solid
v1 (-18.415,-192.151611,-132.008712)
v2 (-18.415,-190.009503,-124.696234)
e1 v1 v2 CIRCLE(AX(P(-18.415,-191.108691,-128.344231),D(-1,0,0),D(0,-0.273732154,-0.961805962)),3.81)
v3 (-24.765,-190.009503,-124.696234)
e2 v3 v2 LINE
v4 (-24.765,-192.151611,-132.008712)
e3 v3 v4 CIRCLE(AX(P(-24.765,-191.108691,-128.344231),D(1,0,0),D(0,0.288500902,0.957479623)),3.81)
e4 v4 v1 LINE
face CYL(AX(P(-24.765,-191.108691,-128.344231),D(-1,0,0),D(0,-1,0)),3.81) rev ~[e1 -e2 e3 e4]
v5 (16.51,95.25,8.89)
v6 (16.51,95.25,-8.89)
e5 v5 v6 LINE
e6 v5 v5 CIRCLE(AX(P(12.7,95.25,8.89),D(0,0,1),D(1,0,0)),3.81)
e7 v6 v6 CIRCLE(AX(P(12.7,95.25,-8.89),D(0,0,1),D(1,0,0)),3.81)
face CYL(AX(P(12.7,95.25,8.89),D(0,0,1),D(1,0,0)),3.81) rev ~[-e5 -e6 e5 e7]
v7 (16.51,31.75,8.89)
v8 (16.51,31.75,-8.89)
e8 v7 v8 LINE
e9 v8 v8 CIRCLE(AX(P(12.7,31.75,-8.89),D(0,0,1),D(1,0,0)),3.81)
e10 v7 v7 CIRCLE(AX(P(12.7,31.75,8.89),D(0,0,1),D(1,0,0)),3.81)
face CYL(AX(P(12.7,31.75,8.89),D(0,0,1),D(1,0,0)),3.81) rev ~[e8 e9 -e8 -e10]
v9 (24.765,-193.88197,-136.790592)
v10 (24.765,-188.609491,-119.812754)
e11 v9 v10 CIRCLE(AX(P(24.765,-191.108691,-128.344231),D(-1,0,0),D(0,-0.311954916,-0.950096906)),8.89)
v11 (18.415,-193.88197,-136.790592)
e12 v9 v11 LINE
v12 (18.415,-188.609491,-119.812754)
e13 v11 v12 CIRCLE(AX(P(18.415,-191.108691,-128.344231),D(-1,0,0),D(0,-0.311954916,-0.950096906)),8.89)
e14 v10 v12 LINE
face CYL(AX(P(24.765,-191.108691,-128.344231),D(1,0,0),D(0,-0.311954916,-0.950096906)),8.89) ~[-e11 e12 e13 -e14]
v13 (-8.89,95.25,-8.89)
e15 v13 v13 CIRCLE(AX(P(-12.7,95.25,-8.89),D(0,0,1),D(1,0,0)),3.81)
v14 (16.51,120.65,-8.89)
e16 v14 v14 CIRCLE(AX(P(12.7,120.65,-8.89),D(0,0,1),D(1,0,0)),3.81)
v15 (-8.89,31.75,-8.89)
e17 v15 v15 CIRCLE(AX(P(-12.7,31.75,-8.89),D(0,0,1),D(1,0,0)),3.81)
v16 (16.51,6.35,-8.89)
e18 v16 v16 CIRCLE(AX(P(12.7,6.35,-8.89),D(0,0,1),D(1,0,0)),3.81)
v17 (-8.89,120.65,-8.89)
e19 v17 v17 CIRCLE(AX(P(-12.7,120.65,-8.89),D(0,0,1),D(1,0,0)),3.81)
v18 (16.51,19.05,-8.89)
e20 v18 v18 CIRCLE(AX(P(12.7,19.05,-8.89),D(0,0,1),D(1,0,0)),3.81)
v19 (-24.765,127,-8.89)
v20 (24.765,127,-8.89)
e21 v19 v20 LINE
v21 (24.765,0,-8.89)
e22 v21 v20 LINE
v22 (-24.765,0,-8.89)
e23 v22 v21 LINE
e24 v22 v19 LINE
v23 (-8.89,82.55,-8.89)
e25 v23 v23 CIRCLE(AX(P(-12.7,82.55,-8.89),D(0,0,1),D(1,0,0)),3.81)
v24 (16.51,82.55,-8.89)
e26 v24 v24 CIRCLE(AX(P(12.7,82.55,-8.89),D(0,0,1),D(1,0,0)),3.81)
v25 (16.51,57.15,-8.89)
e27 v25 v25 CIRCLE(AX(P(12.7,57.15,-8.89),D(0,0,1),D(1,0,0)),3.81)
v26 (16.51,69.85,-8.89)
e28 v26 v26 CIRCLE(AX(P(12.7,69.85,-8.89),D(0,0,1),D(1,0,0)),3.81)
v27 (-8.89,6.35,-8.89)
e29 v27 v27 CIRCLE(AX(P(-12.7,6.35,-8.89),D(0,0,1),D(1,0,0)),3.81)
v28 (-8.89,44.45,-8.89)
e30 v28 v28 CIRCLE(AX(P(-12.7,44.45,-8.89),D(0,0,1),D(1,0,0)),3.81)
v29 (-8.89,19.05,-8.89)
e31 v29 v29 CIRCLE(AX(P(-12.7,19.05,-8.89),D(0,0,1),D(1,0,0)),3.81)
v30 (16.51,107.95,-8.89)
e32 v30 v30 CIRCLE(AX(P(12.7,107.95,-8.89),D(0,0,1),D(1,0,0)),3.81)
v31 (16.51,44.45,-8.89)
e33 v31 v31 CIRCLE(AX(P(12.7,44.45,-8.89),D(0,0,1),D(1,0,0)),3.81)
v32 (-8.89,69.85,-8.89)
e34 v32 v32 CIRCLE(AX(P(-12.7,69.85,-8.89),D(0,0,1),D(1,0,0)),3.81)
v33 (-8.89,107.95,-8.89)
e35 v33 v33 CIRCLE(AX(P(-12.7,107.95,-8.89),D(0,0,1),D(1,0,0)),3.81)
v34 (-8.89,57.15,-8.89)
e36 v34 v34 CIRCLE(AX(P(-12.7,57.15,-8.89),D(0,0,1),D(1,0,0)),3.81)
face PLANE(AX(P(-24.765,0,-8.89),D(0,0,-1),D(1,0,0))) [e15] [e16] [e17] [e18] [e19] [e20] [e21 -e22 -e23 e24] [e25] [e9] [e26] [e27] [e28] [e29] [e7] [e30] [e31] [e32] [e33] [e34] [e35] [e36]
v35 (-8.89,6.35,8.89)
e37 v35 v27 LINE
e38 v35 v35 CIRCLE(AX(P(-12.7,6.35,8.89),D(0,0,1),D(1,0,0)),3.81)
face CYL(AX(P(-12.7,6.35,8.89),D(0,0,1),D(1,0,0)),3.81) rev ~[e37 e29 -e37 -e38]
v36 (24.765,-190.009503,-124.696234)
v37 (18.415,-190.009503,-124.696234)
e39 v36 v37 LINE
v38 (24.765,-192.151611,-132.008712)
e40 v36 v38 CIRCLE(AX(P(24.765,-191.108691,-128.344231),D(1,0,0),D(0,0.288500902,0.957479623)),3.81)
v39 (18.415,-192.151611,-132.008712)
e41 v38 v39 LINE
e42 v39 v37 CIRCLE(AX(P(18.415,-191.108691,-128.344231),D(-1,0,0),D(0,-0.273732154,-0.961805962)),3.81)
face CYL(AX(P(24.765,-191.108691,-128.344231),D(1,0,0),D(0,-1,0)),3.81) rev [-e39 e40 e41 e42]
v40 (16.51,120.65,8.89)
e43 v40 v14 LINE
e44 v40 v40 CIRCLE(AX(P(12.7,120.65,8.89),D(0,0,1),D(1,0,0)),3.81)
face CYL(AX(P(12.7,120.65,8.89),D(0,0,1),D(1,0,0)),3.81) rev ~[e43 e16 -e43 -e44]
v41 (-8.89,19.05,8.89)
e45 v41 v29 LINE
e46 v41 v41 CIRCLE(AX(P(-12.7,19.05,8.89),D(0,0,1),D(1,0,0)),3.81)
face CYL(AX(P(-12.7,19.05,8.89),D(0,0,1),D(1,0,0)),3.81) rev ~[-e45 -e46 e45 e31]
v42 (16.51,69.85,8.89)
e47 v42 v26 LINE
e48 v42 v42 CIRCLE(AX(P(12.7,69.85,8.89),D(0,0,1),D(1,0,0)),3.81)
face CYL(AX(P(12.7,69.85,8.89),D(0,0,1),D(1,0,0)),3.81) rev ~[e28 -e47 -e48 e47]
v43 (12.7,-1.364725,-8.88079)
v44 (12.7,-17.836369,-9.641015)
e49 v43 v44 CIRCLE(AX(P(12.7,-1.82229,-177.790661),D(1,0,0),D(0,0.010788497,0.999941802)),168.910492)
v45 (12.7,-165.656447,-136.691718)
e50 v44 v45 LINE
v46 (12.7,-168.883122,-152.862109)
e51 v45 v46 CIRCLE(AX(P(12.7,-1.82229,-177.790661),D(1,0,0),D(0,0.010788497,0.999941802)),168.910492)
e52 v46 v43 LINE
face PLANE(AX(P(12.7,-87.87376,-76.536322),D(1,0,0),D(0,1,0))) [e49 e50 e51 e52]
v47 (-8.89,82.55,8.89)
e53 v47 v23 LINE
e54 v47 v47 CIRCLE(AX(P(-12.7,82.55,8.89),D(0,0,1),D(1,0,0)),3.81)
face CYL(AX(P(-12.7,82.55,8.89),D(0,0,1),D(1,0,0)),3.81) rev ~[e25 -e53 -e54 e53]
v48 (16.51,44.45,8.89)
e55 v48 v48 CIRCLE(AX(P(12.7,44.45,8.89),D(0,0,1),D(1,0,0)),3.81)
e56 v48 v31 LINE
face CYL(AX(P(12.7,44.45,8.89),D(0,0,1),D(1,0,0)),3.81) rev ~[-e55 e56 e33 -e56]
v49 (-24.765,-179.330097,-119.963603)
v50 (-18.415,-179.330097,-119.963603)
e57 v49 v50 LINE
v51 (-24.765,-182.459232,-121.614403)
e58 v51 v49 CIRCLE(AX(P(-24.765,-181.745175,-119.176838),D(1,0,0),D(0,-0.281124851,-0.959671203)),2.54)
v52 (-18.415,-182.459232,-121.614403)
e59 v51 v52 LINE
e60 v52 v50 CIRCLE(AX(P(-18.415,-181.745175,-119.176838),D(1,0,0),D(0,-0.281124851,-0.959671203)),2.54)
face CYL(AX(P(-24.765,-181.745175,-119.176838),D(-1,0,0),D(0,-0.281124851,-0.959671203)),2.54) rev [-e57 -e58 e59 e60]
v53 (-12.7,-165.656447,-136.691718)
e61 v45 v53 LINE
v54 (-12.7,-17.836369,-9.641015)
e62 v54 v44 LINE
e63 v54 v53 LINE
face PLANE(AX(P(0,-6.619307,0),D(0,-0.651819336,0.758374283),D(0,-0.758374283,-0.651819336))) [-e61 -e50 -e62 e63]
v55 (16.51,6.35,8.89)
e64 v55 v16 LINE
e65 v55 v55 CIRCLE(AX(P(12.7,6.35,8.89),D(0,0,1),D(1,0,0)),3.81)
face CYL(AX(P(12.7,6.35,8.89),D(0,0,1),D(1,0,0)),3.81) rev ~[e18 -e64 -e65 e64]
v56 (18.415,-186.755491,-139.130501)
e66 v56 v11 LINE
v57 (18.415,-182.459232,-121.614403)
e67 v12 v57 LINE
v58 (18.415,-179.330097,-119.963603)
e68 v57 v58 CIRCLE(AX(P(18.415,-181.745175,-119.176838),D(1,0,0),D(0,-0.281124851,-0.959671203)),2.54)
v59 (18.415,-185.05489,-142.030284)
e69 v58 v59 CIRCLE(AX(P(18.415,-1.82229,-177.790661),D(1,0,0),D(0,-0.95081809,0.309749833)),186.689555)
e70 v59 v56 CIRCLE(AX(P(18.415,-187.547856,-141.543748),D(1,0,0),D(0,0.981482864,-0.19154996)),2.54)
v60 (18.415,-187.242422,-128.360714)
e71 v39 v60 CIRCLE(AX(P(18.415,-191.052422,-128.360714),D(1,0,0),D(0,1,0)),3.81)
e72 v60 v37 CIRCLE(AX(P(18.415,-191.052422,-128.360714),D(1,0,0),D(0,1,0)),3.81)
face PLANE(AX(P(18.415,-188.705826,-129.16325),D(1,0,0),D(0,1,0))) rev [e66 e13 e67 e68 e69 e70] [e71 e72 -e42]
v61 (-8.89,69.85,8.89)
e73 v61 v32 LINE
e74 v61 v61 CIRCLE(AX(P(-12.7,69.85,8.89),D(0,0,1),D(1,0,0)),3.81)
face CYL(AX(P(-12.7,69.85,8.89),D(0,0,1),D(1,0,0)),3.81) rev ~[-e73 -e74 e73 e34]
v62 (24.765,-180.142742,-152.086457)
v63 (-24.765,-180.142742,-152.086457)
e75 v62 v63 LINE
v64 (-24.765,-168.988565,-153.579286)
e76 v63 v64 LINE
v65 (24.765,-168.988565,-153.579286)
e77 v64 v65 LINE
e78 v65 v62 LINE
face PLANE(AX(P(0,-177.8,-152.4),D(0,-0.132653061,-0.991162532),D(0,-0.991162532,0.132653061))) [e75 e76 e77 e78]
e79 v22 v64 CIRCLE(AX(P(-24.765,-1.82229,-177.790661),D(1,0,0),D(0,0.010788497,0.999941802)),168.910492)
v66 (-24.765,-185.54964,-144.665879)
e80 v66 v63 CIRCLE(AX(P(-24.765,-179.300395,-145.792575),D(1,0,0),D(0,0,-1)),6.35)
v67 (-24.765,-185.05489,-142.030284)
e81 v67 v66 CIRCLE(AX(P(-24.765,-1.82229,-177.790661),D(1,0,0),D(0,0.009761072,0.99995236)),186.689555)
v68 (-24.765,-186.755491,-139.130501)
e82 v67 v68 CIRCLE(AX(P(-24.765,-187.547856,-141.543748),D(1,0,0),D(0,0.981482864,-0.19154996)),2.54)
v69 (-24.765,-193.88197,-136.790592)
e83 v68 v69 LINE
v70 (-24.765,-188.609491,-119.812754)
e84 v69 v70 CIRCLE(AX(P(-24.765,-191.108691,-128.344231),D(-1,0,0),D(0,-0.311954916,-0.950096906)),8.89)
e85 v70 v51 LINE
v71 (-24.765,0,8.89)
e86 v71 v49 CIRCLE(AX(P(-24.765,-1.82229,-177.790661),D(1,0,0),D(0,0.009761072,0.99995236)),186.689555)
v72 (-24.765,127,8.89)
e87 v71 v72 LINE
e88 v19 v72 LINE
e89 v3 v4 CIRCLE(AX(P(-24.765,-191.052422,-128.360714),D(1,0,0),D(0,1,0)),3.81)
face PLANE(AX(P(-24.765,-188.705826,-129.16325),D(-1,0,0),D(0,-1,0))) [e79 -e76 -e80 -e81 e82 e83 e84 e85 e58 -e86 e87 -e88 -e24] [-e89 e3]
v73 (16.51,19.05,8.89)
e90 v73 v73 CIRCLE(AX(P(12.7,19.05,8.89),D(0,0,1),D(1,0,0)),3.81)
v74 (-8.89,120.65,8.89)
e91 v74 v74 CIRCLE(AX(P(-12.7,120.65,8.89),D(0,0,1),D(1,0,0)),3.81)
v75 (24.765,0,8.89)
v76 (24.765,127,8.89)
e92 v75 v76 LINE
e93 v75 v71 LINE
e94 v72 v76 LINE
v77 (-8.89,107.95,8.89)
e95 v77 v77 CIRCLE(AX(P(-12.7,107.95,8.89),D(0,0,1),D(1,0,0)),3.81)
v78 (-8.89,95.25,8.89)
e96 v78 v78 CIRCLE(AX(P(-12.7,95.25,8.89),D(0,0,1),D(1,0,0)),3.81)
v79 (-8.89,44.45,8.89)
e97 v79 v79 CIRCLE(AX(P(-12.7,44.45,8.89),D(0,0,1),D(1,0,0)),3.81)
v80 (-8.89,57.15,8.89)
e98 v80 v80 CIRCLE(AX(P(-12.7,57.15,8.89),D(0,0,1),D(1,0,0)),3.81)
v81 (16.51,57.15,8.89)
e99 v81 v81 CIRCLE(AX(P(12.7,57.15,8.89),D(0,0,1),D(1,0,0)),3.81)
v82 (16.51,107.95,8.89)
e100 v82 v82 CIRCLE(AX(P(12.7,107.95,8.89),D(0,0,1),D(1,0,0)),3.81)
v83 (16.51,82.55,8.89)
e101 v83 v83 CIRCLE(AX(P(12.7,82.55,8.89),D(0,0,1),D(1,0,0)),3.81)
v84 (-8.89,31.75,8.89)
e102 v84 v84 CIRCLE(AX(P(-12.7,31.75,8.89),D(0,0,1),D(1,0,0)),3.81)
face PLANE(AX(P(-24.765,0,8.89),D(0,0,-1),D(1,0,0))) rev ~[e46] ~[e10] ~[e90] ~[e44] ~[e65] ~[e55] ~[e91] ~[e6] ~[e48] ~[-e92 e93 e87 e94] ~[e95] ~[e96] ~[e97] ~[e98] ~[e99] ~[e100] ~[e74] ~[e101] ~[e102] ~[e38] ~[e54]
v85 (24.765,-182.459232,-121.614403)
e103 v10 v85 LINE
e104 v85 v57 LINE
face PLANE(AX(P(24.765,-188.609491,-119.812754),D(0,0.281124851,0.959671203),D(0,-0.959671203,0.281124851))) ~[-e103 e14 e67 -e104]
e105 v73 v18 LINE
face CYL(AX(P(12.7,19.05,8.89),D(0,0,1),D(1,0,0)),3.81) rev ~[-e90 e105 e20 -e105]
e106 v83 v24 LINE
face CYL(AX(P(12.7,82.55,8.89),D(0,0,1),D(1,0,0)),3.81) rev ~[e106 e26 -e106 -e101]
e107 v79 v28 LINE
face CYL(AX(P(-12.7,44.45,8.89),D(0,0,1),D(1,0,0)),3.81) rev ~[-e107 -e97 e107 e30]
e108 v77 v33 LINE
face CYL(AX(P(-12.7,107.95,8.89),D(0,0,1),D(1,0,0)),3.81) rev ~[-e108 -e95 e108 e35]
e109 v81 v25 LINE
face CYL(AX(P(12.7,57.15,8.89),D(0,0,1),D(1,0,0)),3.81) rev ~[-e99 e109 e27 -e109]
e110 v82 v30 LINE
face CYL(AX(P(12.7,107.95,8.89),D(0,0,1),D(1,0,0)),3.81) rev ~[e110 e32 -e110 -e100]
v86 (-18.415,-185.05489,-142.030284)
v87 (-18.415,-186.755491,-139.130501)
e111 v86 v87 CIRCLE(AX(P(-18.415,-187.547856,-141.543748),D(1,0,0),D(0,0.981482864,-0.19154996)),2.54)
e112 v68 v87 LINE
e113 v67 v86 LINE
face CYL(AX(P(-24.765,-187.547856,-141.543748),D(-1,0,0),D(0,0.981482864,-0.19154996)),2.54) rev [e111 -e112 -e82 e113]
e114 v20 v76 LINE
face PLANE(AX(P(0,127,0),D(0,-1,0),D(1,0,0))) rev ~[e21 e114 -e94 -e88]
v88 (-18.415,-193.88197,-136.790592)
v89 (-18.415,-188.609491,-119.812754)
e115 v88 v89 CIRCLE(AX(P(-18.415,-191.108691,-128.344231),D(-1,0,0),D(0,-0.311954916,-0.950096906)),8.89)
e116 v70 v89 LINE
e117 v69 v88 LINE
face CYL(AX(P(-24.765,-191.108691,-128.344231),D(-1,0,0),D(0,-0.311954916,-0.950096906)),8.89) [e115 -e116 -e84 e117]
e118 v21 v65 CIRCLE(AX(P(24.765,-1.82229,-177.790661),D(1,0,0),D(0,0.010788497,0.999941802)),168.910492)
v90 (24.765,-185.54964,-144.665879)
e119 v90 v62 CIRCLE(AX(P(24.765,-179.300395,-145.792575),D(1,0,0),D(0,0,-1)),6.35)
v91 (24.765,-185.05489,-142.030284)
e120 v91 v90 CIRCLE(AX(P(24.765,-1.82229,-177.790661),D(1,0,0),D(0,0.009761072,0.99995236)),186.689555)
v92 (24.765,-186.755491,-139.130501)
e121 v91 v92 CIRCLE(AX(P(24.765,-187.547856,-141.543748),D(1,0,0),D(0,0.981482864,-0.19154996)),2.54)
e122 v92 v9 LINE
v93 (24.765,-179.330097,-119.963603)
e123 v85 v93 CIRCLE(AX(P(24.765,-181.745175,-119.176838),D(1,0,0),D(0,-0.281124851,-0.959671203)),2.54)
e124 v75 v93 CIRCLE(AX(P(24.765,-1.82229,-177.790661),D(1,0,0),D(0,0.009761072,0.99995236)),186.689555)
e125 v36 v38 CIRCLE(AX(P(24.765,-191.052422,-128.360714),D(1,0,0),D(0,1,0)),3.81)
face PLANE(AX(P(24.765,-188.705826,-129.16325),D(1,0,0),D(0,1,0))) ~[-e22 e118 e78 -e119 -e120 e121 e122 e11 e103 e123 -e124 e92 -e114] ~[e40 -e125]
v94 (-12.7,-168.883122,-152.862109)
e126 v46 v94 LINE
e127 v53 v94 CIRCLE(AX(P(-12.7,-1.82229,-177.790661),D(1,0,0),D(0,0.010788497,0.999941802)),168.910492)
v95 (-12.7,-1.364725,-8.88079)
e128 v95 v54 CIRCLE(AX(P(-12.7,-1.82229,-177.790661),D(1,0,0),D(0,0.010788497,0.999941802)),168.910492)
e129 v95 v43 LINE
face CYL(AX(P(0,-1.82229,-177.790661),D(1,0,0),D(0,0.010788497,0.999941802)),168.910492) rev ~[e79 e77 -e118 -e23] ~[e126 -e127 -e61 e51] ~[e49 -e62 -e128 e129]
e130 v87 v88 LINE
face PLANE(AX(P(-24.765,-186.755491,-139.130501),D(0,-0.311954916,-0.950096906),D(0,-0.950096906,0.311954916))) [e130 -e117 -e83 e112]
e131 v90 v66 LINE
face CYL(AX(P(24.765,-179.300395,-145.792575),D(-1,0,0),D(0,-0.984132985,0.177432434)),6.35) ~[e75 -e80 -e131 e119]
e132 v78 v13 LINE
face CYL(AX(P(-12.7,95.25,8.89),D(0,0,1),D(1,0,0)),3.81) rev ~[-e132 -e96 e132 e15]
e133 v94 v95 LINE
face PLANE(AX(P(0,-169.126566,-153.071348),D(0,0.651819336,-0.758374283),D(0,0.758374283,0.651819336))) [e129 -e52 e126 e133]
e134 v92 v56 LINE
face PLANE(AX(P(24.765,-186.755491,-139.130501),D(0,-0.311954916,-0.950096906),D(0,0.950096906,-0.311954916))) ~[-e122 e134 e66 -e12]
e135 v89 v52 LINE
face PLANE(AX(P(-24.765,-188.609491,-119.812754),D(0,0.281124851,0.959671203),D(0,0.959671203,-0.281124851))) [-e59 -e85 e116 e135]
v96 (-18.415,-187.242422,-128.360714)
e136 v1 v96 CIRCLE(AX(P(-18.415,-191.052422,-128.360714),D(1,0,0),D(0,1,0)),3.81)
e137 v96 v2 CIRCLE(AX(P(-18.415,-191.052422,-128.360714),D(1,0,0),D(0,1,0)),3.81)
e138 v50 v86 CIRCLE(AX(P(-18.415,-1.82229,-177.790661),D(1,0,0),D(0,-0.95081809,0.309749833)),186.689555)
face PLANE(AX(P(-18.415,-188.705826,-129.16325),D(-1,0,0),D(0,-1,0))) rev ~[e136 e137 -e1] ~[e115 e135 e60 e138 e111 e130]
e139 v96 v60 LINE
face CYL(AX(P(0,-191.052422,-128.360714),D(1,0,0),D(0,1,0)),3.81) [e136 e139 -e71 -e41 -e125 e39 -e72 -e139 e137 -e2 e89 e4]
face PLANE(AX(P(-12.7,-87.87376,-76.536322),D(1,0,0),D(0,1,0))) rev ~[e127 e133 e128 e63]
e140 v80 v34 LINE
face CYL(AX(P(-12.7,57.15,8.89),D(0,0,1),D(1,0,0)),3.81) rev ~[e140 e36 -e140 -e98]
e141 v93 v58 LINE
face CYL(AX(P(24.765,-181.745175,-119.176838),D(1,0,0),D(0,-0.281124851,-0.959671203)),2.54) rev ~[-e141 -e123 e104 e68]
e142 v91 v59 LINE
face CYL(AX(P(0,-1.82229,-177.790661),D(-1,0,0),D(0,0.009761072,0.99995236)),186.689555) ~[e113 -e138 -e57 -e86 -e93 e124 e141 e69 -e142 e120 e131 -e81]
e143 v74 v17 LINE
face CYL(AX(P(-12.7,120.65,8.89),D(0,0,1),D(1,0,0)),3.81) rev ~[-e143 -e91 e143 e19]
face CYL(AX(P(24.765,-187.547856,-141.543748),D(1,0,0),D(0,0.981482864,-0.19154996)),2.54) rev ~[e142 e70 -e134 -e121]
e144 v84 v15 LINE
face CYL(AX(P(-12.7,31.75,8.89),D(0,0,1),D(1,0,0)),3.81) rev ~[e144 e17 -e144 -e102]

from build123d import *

# Parameters (mm, degrees)
F0_W          = 49.53
F0_H          = 17.78
F3_DEPTH      = 127
F5_DEPTH      = 12.7
F5_DEPTH_BACK = 12.7
F6_R          = 3.81
F7_DEPTH      = 24.765
F7_DEPTH_BACK = 24.765
F8_R          = 6.35
F9_R          = 3.81
F10_DEPTH     = 6.35
F12_R         = 3.81
F13_DEPTH     = 25.4


with BuildPart() as f2:
    # F2: sweep along a path in F1
    with BuildLine(Plane.YZ) as f2_path:
        ThreePointArc((0, 0), (-117.5329964843, -42.794837435), (-177.8, -152.4))
    # F0 (on Front) → F2 (sweep)
    with BuildSketch(Plane.XZ):
        Rectangle(F0_W, F0_H)
    sweep(path=f2_path.line)

    # F0 (on Front) → F3 (join)
    with BuildSketch(Plane.XZ):
        Rectangle(F0_W, F0_H)
    extrude(amount=-F3_DEPTH)

    # F4 (on Right) → F5 (join, two sides)
    with BuildSketch(Plane.YZ) as f5_sk:
        Polygon((-169.126565554, -153.0713479475), (0, -7.7078141163), (-6.6193065428, 0), (-175.749050011, -145.3662652344), align=None)
    extrude(amount=F5_DEPTH)
    extrude(f5_sk.sketch, amount=-F5_DEPTH_BACK)

    # F8
    f8_edges = [f2.edges().sort_by_distance(p)[0] for p in [
        (0, -186.611435, -151.220714),
    ]]
    fillet(f8_edges, radius=F8_R)



with BuildPart() as f7:
    # F6 (on Right) → F7 (new body, two sides)
    with BuildSketch(Plane.YZ) as f7_sk:
        with Locations((-191.0524220981, -128.3607142857)):
            Circle(F6_R)
    extrude(amount=F7_DEPTH)
    extrude(f7_sk.sketch, amount=-F7_DEPTH_BACK)


with BuildPart() as f2_1:
    add(f2.part)

    add(f7.part)  # F10 merges F7
    # F9 (on face) → F10 (join)
    with BuildSketch(Plane(origin=(-24.765, 0, 0), x_dir=(0, -1, 0), z_dir=(-1, 0, 0))):
        with BuildLine():
            Line((186.7554907347, -139.1305014455), (193.8819702362, -136.7905924285))
            ThreePointArc((193.8819702362, -136.7905924285), (199.5987163414, -125.7076478809), (188.6094911041, -119.8127539412))
            Line((188.6094911041, -119.8127539412), (182.4592318073, -121.6144030093))
            ThreePointArc((182.4592318073, -121.6144030093), (180.5599939589, -121.4233791934), (179.3300967362, -119.9636027295))
            ThreePointArc((179.3300967362, -119.9636027295), (182.5296358067, -130.9094781954), (185.0548897469, -142.0302844844))
            ThreePointArc((185.0548897469, -142.0302844844), (185.3568434553, -140.2588106009), (186.7554907347, -139.1305014455))
        make_face()
        with Locations((191.10869103, -128.344230937)):
            Circle(F9_R, mode=Mode.SUBTRACT)
    extrude(amount=-F10_DEPTH)

    # F11: F2 across plane


with BuildPart() as f2_2:
    add(f2_1.part)
    add(f2_1.part.mirror(Plane.YZ))

    # F12 (on face) → F13 (cut)
    with BuildSketch(Plane.XY.offset(8.89)):
        with Locations((-12.7, 6.35)):
            Circle(F12_R)
        with Locations((-12.7, 19.05)):
            Circle(F12_R)
        with Locations((-12.7, 31.75)):
            Circle(F12_R)
        with Locations((-12.7, 44.45)):
            Circle(F12_R)
        with Locations((-12.7, 57.15)):
            Circle(F12_R)
        with Locations((-12.7, 69.85)):
            Circle(F12_R)
        with Locations((-12.7, 82.55)):
            Circle(F12_R)
        with Locations((-12.7, 95.25)):
            Circle(F12_R)
        with Locations((-12.7, 107.95)):
            Circle(F12_R)
        with Locations((-12.7, 120.65)):
            Circle(F12_R)
        with Locations((12.7, 6.35)):
            Circle(F12_R)
        with Locations((12.7, 19.05)):
            Circle(F12_R)
        with Locations((12.7, 31.75)):
            Circle(F12_R)
        with Locations((12.7, 44.45)):
            Circle(F12_R)
        with Locations((12.7, 57.15)):
            Circle(F12_R)
        with Locations((12.7, 69.85)):
            Circle(F12_R)
        with Locations((12.7, 82.55)):
            Circle(F12_R)
        with Locations((12.7, 95.25)):
            Circle(F12_R)
        with Locations((12.7, 107.95)):
            Circle(F12_R)
        with Locations((12.7, 120.65)):
            Circle(F12_R)
    extrude(amount=-F13_DEPTH, mode=Mode.SUBTRACT)


solid = f2_2.part
